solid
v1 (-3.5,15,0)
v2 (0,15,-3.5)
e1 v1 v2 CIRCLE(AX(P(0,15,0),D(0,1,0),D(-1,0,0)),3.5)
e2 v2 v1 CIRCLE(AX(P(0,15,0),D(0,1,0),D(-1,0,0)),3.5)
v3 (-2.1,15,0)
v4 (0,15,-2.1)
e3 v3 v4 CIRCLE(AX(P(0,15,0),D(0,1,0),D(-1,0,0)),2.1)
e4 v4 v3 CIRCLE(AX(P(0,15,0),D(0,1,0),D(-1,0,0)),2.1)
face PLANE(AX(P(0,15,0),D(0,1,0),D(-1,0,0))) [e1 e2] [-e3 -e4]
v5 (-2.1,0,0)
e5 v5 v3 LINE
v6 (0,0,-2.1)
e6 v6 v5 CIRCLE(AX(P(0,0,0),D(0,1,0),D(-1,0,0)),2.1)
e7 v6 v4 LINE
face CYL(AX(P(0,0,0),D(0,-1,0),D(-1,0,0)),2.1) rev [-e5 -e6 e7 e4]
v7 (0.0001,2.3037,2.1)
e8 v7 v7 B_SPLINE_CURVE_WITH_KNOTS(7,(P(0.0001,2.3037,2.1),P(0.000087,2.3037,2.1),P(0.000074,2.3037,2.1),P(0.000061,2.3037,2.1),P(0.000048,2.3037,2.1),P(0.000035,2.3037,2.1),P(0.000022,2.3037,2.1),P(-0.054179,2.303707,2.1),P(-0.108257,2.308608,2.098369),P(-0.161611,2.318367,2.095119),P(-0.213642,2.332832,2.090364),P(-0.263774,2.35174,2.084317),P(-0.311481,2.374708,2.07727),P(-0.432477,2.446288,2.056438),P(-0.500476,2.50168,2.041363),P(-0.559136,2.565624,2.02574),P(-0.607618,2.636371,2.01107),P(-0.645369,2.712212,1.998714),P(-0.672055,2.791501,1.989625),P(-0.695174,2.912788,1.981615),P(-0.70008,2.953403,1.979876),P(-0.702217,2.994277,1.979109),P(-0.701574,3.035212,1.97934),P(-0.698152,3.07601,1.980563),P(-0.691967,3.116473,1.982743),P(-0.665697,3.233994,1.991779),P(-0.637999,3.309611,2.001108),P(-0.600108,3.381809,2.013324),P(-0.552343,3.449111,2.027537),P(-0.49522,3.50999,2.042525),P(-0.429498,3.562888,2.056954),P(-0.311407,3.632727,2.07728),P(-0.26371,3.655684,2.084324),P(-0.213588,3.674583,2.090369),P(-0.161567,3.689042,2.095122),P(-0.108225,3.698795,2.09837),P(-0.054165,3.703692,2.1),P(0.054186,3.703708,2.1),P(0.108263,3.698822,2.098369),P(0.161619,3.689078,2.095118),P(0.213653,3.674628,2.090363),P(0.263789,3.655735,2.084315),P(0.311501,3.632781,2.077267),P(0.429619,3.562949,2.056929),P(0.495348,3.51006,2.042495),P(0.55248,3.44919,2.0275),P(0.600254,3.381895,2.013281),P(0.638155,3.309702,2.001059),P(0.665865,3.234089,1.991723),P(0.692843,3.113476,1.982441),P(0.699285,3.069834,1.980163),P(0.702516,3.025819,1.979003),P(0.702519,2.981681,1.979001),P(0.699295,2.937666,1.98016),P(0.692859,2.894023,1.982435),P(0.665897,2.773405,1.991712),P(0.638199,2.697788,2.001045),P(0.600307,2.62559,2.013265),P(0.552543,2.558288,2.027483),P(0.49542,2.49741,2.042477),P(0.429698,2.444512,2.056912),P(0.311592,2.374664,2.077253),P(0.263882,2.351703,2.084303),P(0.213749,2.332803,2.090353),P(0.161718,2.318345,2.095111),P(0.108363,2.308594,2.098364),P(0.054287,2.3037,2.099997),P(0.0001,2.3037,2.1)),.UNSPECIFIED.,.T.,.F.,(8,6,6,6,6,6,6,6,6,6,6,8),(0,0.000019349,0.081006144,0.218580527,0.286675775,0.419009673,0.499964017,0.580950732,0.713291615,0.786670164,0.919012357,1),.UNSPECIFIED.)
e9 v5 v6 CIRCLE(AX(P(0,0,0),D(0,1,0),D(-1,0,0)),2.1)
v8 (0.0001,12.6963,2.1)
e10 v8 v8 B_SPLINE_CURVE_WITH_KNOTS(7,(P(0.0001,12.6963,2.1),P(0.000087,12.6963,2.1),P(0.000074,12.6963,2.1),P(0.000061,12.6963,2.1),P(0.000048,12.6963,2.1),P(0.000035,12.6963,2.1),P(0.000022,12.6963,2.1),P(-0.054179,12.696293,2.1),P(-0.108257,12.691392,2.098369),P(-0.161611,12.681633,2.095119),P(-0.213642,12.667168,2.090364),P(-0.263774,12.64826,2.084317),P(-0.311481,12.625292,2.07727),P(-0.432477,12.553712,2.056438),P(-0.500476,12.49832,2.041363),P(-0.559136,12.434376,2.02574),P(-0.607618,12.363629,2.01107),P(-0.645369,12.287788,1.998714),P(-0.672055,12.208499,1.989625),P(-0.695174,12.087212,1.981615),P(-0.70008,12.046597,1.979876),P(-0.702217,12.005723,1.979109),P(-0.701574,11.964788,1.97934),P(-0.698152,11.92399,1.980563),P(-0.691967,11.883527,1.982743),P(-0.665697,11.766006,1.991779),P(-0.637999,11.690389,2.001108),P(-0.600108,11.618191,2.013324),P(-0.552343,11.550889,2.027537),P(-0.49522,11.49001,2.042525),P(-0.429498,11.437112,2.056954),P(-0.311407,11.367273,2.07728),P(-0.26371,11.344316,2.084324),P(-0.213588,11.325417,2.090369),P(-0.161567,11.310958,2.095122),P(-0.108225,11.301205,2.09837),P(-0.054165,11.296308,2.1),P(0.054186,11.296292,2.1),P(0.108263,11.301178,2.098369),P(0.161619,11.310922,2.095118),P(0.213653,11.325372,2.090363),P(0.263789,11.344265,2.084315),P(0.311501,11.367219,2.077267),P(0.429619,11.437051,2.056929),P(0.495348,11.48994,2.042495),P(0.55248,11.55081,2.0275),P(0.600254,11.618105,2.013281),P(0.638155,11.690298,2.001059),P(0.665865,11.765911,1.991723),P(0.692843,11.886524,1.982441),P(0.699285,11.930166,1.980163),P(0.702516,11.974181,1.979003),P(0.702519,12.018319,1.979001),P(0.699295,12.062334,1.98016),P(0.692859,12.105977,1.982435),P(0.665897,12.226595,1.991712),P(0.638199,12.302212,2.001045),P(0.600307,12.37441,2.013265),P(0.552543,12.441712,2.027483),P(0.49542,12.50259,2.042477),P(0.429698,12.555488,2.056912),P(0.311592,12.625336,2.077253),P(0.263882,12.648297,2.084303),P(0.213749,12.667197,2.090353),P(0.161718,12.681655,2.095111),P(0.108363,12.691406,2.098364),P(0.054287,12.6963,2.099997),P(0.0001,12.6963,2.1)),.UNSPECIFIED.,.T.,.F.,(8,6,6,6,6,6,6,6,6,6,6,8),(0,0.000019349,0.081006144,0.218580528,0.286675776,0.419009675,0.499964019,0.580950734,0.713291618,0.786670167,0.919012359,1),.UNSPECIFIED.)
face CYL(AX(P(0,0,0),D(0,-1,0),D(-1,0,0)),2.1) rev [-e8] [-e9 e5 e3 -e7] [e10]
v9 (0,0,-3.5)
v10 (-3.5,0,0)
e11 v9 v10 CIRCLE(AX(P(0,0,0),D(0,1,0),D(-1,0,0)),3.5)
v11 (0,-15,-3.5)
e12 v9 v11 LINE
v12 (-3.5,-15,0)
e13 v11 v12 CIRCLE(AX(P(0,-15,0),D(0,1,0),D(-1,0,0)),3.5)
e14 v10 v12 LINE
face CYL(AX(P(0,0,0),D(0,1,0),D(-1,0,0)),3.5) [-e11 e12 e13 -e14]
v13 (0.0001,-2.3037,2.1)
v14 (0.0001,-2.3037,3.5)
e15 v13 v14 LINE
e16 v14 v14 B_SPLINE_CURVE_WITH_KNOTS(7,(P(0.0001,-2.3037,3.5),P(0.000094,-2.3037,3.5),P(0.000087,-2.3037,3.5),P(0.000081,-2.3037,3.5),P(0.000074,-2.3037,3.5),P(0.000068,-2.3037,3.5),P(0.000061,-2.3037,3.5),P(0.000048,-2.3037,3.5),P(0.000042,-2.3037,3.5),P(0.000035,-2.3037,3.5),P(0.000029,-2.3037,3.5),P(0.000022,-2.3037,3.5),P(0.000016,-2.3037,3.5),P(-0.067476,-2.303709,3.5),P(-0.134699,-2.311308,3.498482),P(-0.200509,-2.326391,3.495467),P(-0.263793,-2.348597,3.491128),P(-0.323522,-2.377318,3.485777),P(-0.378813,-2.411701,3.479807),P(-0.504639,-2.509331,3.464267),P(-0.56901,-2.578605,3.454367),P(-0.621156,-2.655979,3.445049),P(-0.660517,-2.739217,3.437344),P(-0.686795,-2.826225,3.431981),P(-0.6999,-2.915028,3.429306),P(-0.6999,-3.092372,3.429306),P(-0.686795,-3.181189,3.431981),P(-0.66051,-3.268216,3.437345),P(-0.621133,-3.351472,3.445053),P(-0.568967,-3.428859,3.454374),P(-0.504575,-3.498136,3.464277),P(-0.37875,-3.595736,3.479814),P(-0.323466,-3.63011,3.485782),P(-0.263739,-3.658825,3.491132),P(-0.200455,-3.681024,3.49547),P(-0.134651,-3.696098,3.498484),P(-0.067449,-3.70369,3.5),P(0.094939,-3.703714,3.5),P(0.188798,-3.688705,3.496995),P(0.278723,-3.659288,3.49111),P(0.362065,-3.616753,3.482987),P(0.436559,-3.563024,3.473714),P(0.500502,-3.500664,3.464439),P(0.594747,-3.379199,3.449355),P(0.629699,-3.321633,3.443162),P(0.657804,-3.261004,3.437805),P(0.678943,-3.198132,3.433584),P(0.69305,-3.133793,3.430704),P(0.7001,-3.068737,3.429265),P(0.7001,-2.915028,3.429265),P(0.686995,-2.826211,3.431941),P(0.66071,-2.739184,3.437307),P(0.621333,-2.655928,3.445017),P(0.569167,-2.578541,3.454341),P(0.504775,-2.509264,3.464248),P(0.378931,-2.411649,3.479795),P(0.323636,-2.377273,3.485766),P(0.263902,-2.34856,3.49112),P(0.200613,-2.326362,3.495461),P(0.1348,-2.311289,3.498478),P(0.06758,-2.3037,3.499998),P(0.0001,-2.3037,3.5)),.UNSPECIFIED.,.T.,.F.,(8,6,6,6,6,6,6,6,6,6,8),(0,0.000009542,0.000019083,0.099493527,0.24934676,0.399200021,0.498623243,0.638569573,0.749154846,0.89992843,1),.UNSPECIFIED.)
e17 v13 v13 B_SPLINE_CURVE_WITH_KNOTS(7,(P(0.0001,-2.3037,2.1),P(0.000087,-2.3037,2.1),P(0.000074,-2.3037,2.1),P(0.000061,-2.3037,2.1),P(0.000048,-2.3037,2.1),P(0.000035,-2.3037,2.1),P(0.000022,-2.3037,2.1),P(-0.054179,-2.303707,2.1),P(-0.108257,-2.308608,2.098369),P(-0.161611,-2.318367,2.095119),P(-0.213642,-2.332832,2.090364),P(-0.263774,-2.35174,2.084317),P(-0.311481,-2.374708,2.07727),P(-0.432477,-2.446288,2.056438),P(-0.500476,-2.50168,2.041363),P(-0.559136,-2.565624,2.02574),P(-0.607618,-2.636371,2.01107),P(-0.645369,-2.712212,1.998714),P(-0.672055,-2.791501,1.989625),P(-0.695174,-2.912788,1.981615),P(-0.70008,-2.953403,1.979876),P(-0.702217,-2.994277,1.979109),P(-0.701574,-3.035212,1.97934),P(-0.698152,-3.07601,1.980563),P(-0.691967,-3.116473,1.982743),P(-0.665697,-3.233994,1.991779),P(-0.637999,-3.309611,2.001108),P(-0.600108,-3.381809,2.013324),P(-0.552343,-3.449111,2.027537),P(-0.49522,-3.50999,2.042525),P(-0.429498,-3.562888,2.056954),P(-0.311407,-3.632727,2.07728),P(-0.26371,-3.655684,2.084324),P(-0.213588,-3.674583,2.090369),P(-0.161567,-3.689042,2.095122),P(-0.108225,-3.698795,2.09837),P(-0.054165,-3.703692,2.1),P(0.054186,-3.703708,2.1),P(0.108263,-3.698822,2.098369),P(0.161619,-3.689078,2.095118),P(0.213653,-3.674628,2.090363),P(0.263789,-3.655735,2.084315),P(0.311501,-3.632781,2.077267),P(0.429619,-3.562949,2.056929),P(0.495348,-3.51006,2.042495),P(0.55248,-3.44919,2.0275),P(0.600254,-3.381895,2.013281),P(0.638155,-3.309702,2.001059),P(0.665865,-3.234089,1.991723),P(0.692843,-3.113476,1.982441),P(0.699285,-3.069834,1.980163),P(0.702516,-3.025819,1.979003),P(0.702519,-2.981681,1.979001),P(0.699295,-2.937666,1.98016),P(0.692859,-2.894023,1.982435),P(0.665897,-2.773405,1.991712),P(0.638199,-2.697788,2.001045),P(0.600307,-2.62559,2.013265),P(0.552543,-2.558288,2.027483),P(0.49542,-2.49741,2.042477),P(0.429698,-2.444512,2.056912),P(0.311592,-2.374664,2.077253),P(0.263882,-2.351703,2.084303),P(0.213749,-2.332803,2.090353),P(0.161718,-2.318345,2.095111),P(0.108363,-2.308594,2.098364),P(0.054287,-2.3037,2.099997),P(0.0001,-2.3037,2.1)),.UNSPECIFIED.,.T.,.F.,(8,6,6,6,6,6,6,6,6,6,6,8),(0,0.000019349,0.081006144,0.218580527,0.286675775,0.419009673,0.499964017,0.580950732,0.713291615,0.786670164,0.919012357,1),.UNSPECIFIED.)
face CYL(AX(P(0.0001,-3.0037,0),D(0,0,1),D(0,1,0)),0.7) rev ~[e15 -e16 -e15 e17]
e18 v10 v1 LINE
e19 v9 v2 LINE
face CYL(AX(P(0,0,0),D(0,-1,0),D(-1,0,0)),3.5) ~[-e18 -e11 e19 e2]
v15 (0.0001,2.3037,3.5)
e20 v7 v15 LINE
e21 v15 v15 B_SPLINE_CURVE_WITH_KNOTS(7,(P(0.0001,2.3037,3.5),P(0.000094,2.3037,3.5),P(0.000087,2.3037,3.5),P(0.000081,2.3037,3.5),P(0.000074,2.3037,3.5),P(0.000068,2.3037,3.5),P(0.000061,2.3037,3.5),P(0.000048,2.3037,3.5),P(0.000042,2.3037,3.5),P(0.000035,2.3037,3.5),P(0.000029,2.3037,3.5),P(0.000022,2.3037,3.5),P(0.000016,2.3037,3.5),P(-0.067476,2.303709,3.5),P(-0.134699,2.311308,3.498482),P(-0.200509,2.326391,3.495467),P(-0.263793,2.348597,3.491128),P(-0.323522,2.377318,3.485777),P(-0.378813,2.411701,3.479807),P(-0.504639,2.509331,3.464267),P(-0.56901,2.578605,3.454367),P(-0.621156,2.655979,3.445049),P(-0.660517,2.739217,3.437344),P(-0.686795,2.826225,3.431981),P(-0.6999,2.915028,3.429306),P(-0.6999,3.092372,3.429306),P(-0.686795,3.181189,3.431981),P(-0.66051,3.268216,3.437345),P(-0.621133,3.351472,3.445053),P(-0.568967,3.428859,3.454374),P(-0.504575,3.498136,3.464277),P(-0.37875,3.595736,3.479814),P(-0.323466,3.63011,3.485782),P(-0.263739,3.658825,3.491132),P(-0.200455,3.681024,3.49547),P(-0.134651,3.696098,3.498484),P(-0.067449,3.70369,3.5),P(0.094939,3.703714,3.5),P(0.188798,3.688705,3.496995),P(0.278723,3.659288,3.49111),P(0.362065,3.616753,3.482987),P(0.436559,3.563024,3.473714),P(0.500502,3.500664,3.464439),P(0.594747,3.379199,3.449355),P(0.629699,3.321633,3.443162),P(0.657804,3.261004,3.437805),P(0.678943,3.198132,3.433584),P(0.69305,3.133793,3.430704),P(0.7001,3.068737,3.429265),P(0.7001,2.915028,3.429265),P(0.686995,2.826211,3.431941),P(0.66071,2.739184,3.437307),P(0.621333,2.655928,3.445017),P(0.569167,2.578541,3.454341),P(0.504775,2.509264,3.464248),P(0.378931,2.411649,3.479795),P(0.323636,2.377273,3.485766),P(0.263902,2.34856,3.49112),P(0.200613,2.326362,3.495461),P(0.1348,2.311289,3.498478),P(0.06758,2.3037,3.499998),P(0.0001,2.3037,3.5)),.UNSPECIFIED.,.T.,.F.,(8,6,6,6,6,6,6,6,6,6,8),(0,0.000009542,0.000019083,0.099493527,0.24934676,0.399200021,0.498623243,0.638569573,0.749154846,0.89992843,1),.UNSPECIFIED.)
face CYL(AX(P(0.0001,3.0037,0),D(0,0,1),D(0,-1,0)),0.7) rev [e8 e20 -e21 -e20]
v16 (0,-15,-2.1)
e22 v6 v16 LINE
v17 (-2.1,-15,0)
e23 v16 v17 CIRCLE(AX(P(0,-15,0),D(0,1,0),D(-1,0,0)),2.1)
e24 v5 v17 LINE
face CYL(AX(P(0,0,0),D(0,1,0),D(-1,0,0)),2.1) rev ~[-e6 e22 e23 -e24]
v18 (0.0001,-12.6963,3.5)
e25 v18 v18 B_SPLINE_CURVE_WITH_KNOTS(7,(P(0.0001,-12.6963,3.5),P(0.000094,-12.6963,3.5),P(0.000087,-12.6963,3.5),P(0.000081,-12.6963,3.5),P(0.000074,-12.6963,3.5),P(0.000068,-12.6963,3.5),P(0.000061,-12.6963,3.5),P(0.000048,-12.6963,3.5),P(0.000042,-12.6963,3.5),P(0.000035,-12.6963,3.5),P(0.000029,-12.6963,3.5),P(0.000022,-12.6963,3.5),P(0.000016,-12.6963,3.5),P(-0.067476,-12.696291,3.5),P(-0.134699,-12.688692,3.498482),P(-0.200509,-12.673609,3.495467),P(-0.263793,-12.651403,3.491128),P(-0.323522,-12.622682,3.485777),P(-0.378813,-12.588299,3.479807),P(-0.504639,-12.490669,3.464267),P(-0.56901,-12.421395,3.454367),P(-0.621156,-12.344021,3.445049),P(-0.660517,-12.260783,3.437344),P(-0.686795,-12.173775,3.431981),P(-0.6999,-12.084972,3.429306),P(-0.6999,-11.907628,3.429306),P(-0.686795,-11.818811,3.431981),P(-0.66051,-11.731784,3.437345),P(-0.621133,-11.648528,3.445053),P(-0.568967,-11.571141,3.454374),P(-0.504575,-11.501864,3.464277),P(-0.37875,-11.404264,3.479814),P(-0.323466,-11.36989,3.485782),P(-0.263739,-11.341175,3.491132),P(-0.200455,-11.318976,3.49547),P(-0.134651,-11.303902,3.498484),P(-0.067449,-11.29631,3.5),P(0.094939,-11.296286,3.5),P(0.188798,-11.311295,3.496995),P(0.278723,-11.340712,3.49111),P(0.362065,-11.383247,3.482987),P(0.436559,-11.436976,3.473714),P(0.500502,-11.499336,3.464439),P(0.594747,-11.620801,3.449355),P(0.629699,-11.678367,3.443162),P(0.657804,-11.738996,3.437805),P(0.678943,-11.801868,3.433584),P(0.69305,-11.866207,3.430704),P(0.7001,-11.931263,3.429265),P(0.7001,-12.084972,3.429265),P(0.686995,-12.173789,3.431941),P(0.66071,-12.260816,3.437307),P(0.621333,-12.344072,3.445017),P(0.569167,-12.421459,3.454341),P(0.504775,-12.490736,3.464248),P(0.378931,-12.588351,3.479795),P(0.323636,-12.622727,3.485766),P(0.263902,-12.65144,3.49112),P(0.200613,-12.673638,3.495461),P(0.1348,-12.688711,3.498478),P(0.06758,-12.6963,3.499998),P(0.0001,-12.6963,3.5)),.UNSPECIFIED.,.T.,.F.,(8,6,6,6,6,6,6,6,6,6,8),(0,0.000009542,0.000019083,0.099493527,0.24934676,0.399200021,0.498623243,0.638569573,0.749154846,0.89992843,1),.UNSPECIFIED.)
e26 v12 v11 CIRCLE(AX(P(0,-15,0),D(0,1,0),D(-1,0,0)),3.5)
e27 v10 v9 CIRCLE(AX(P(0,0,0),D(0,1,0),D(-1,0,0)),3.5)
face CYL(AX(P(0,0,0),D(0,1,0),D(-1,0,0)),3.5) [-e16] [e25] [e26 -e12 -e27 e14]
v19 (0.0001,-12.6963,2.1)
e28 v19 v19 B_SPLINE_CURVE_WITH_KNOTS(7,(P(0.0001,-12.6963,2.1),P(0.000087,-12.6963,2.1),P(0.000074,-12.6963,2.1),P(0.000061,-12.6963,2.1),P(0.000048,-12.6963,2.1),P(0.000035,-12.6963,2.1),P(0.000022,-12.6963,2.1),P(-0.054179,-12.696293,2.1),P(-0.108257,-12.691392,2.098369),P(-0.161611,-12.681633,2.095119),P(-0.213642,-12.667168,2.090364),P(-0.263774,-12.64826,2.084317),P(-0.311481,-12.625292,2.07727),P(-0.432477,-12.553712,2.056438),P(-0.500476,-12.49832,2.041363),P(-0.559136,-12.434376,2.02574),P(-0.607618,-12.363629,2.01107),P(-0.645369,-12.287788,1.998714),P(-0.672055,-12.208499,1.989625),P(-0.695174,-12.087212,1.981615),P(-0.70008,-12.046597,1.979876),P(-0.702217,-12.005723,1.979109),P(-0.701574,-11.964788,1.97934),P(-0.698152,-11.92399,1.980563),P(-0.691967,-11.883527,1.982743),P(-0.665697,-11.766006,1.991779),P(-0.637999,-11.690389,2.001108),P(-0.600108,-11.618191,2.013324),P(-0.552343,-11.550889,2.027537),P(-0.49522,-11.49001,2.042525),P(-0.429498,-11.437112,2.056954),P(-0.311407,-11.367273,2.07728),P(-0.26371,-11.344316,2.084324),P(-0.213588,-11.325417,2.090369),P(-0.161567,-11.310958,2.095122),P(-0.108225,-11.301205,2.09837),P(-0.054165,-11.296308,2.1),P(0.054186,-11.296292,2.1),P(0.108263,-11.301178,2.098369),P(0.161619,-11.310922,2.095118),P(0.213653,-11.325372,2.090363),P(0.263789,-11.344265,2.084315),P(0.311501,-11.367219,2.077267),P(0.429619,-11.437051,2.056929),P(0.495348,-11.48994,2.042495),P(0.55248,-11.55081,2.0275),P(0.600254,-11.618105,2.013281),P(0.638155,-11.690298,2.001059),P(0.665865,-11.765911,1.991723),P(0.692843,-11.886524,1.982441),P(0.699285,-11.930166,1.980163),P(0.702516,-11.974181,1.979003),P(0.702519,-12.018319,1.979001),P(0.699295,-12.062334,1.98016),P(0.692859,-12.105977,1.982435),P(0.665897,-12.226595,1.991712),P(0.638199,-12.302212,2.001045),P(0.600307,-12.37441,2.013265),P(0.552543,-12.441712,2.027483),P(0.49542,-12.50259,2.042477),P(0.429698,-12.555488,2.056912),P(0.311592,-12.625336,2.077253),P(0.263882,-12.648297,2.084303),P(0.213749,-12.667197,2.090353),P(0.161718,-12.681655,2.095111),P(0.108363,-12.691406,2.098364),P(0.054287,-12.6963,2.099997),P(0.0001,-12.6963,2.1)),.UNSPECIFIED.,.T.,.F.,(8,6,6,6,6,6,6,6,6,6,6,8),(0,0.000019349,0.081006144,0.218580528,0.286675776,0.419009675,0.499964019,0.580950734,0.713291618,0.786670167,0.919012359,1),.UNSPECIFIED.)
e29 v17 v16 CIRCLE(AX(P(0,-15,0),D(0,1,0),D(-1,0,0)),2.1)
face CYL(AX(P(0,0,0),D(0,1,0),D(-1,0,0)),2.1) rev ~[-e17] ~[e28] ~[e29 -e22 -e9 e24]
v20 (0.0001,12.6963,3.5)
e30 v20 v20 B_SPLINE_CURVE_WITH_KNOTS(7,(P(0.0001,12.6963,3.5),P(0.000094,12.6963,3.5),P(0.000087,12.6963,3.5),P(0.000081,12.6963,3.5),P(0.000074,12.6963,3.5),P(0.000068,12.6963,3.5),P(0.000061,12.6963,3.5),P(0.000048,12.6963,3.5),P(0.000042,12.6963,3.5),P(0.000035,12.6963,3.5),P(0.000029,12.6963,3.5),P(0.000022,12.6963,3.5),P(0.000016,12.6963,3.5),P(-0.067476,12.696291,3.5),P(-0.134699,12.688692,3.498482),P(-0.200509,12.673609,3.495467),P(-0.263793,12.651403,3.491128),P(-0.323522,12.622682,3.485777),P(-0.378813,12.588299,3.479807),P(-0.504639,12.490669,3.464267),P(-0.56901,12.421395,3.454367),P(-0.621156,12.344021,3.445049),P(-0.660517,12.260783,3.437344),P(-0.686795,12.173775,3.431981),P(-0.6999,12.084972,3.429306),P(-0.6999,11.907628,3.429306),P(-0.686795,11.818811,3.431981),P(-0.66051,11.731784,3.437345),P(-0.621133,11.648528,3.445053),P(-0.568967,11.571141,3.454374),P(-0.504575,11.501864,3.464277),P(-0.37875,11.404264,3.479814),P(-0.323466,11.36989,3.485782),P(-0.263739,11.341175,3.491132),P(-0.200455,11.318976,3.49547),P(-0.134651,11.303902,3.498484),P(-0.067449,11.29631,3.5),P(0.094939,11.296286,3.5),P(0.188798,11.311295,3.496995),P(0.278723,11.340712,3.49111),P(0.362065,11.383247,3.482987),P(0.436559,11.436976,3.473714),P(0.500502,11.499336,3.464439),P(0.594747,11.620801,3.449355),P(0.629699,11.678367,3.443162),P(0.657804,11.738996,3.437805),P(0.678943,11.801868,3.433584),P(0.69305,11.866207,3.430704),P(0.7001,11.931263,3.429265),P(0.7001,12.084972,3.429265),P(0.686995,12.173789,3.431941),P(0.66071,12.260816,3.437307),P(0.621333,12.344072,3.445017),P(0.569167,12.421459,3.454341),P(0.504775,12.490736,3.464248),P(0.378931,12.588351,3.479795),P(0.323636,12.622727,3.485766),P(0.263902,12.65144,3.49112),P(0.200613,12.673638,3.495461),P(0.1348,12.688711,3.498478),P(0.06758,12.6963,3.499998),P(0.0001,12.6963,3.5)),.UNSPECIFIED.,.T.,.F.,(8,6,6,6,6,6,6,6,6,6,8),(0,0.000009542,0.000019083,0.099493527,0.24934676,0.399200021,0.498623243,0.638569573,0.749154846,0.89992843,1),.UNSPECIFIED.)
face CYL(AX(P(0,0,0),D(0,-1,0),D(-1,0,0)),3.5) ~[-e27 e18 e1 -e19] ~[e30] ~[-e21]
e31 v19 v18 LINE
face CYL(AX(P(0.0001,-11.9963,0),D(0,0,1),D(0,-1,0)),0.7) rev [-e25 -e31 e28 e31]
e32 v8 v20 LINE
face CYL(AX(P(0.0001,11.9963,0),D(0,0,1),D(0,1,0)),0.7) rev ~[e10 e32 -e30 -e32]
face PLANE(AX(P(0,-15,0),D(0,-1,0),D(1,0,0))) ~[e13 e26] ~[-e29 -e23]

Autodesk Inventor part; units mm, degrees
sketch "Sketch1" plane through (0, 0, 0) normal (0, 1, 0) x (-1, 0, 0)
  circle A0 centre (0, 0) radius 2.1
  circle A1 centre (0, 0) radius 3.5
  line L0 (0, -2.1) -> (0, -3.5)
  dimension "d0" = 4.2
  dimension "d1" = 7
extrude "Extrusion1" add sketch "Sketch1" along normal blind 15
sketch "Sketch2" plane through (0, 0, 0) normal (0, 0, 1) x (1, 0, 0)
  point P0 (0, 0)
  point P1 (0.0001, 11.9963)
hole "Hole1" at (0.0001, 11.9963, 0) direction (0, 0, 1) diameter 1.4 depth 4.8 tip angle 118
ref_plane "Work Plane1" through (0, 7.5, 0) normal (0, 1, 0) x (1, 0, 0)
mirror "Mirror1" about plane through (0, 7.5, 0) normal (0, 1, 0) of "Hole1"
mirror "Mirror2" about plane through (0, 0, 0) normal (0, 1, 0) of "Extrusion1"
mirror "Mirror3" about plane through (0, 0, 0) normal (0, 1, 0) of "Hole1", "Mirror1"
properties part number "Colletto 3mm_3DPrint"
